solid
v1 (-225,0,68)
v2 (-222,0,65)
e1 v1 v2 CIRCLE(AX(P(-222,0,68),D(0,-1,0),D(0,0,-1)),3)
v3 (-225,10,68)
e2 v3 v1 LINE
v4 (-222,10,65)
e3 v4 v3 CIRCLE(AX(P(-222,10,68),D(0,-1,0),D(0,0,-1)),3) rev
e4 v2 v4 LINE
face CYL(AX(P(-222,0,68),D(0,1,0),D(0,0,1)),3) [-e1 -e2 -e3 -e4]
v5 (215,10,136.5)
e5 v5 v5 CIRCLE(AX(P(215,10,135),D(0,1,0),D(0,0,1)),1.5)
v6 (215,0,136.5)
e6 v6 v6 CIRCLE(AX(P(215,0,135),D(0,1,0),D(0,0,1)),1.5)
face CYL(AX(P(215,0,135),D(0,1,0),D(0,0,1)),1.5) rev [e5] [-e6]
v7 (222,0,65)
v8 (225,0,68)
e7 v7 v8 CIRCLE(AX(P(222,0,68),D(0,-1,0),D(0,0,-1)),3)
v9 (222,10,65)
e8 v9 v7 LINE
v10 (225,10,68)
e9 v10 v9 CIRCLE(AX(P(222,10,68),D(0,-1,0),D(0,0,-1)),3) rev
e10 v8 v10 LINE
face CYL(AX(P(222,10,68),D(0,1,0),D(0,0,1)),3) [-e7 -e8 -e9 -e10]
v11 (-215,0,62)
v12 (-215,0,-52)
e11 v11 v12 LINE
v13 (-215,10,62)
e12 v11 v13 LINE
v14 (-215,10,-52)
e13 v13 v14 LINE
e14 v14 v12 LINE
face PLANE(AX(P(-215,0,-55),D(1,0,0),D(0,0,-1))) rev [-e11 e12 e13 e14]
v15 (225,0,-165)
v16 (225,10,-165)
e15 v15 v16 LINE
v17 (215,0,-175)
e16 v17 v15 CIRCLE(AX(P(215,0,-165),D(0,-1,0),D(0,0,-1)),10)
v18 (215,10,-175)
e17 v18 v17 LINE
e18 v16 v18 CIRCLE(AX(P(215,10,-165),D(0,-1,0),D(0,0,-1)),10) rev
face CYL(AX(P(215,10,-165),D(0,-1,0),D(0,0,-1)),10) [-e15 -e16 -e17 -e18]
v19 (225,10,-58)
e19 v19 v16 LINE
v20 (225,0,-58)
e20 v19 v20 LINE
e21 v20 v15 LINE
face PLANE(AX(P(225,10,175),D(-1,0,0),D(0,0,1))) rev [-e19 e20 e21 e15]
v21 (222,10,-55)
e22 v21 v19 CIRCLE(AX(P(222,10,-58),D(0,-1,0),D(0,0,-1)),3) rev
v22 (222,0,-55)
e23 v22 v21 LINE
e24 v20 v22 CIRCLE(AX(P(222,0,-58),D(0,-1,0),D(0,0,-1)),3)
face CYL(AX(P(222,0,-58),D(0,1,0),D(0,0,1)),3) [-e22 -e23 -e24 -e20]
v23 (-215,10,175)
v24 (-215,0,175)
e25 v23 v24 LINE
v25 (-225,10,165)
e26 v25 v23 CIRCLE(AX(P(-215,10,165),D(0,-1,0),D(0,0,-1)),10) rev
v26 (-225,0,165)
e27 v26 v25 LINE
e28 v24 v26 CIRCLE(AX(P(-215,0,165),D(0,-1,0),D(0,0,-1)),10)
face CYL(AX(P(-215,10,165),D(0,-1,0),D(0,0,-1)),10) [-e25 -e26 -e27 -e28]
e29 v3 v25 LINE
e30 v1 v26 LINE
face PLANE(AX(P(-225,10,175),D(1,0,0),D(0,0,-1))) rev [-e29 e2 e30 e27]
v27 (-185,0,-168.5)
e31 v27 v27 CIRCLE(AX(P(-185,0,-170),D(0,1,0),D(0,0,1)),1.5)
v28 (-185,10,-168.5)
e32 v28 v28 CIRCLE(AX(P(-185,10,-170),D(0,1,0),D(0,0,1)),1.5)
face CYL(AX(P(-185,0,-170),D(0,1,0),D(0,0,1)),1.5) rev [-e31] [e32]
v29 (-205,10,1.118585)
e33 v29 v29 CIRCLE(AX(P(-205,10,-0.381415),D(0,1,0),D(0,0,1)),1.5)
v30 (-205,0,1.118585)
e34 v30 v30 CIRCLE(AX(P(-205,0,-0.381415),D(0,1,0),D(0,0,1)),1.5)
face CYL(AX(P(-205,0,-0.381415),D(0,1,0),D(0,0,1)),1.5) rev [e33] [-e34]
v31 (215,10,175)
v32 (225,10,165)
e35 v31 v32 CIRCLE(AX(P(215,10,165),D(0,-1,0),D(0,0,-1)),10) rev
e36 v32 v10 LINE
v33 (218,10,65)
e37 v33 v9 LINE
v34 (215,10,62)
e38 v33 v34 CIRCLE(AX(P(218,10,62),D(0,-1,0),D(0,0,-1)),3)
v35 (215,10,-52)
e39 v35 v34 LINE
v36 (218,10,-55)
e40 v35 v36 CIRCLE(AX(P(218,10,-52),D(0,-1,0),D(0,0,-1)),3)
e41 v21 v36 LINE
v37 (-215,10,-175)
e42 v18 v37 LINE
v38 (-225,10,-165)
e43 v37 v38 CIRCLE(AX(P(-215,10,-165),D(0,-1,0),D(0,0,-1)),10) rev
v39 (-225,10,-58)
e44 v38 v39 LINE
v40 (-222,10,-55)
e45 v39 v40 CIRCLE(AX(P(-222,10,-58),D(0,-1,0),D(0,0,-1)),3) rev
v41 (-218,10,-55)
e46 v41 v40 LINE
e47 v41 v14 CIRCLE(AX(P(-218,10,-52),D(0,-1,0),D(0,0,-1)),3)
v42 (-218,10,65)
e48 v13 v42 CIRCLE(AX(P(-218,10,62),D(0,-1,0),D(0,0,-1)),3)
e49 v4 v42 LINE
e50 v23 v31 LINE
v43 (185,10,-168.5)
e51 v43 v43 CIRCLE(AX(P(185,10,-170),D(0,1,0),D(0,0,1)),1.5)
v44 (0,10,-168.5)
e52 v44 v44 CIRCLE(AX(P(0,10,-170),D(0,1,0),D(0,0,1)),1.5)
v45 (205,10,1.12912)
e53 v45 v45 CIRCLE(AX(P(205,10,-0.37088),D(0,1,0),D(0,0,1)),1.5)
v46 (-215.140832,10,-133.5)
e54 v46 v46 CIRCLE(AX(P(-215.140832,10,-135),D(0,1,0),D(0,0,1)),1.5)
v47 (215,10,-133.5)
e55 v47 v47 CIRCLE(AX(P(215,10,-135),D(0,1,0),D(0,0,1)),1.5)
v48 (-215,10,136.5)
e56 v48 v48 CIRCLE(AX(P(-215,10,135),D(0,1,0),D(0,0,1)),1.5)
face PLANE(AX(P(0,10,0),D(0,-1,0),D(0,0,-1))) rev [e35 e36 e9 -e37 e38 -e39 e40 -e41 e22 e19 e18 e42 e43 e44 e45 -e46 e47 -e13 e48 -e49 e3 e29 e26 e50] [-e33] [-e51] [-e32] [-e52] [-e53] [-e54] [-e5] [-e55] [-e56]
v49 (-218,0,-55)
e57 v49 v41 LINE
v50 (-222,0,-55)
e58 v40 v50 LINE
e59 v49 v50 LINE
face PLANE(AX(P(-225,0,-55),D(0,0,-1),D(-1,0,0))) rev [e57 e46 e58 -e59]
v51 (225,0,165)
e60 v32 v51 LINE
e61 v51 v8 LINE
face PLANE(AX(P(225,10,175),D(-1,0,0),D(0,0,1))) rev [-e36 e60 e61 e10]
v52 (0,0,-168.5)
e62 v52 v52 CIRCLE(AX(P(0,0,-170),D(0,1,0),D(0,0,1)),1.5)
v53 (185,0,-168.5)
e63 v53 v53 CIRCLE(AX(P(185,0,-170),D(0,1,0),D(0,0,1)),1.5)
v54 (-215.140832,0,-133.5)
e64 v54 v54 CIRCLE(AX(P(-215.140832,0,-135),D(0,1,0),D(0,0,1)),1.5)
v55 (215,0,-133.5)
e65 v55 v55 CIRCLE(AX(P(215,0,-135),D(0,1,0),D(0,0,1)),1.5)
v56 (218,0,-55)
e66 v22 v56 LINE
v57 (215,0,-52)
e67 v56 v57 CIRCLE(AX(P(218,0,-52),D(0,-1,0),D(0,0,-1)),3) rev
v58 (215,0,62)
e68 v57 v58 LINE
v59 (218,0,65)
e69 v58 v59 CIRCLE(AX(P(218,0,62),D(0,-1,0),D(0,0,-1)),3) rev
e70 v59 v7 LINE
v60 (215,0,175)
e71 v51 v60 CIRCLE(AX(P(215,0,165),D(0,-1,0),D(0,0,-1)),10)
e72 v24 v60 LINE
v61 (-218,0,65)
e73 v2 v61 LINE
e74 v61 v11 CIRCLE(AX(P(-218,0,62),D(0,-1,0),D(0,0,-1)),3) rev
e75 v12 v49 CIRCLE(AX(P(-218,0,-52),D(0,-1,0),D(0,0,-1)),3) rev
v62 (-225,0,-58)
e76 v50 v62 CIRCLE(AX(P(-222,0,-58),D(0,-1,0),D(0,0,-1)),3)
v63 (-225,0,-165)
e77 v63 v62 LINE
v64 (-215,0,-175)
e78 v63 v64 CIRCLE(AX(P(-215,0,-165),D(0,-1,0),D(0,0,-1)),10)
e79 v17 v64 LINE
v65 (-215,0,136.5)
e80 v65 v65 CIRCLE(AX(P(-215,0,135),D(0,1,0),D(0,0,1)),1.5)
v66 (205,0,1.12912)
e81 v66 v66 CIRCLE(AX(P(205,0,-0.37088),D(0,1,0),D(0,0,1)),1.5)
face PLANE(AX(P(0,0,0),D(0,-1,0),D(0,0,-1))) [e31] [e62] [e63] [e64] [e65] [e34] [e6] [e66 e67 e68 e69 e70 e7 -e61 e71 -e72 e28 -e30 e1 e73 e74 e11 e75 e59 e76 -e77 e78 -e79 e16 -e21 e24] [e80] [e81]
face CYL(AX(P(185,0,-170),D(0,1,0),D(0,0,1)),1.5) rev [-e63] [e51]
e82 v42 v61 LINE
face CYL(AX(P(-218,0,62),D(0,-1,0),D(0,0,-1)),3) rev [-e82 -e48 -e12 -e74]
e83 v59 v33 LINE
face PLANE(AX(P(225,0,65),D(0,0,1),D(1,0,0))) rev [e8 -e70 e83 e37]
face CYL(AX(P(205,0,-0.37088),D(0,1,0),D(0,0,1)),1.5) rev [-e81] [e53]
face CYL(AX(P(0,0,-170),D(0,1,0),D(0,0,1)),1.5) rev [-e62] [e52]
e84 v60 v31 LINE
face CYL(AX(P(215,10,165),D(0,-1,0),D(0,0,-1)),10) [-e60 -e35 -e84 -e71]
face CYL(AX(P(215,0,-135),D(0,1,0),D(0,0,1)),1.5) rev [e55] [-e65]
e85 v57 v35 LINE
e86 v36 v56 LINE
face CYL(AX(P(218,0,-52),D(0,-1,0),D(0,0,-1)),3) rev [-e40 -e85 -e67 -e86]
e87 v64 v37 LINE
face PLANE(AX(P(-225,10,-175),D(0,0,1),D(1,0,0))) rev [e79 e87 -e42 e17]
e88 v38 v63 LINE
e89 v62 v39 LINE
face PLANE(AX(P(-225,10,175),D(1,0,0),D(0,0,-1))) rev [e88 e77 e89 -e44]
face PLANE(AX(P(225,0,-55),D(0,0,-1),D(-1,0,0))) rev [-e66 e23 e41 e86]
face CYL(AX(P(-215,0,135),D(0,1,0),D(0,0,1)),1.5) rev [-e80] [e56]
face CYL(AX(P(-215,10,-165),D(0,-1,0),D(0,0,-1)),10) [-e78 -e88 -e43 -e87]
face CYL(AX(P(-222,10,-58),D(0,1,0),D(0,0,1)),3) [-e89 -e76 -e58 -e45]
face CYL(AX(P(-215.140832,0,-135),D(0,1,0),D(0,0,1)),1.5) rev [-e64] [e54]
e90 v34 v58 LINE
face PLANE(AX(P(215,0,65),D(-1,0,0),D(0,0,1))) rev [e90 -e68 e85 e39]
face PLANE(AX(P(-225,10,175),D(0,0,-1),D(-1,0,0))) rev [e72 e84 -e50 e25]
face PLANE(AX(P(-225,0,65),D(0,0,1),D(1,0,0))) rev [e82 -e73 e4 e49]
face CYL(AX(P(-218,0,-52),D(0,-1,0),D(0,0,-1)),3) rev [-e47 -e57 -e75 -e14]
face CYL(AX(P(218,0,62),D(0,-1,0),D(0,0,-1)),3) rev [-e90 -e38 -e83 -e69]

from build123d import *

# Parameters (mm, degrees)
SKETCH1_W           = 450
SKETCH1_H           = 350
BOSS_EXTRUDE1_DEPTH = 10
SKETCH2_R           = 3
CUT_EXTRUDE1_DEPTH  = 10
SKETCH3_W           = 10
SKETCH3_H           = 120
CUT_EXTRUDE2_DEPTH  = 10
FILLET1_R           = 3
FILLET2_R           = 3
FILLET3_R           = 10
SKETCH5_R           = 3
BOSS_EXTRUDE3_DEPTH = 10
SKETCH6_R           = 3
BOSS_EXTRUDE4_DEPTH = 10
SKETCH7_R           = 1.5
CUT_EXTRUDE3_DEPTH  = 10


with BuildPart() as part:
    # Sketch1 → Boss-Extrude1 (new body)
    with BuildSketch(Plane(origin=(0, 0, 0), x_dir=(1, 0, 0), z_dir=(0, 1, 0))):
        Rectangle(SKETCH1_W, SKETCH1_H)
    extrude(amount=BOSS_EXTRUDE1_DEPTH)

    # Sketch2 → Cut-Extrude1 (cut)
    with BuildSketch(Plane(origin=(0, 10, 0), x_dir=(1, 0, 0), z_dir=(0, 1, 0))):
        with Locations(Location((-215, -135, 0), (0, 0, 270))):
            Circle(SKETCH2_R)
        with Locations(Location((-205, 0.370879822, 0), (0, 0, 270))):
            Circle(SKETCH2_R)
        with Locations(Location((-215, 135, 0), (0, 0, 270))):
            Circle(SKETCH2_R)
        with Locations(Location((215, 135, 0), (0, 0, 270))):
            Circle(SKETCH2_R)
        with Locations(Location((205, 0, 0), (0, 0, 270))):
            Circle(SKETCH2_R)
        with Locations(Location((215, -135, 0), (0, 0, 270))):
            Circle(SKETCH2_R)
        with Locations(Location((-185, 170, 0), (0, 0, 270))):
            Circle(SKETCH2_R)
        with Locations(Location((0, 170, 0), (0, 0, 270))):
            Circle(SKETCH2_R)
        with Locations(Location((185, 170, 0), (0, 0, 270))):
            Circle(SKETCH2_R)
    extrude(amount=-CUT_EXTRUDE1_DEPTH, mode=Mode.SUBTRACT)

    # Sketch3 → Cut-Extrude2 (cut)
    with BuildSketch(Plane(origin=(0, 10, 0), x_dir=(1, 0, 0), z_dir=(0, 1, 0))):
        with Locations((-220, -5)):
            Rectangle(SKETCH3_W, SKETCH3_H)
        with Locations((220, -5)):
            Rectangle(SKETCH3_W, SKETCH3_H)
    extrude(amount=-CUT_EXTRUDE2_DEPTH, mode=Mode.SUBTRACT)

    # Fillet1
    fillet1_edges = [part.edges().sort_by_distance(p)[0] for p in [
        (-215, 5, -55),
        (-215, 5, 65),
        (215, 5, 65),
        (215, 5, -55),
    ]]
    fillet(fillet1_edges, radius=FILLET1_R)

    # Fillet2
    fillet2_edges = [part.edges().sort_by_distance(p)[0] for p in [
        (-225, 5, 65),
        (-225, 5, -55),
        (225, 5, -55),
        (225, 5, 65),
    ]]
    fillet(fillet2_edges, radius=FILLET2_R)

    # Fillet3
    fillet3_edges = [part.edges().sort_by_distance(p)[0] for p in [
        (-225, 5, -175),
        (225, 5, -175),
        (225, 5, 175),
        (-225, 5, 175),
    ]]
    fillet(fillet3_edges, radius=FILLET3_R)

    # Sketch5 → Boss-Extrude3 (add)
    with BuildSketch(Plane(origin=(0, 10, 0), x_dir=(1, 0, 0), z_dir=(0, 1, 0))):
        with Locations((-215, 135)):
            Circle(SKETCH5_R)
    extrude(amount=-BOSS_EXTRUDE3_DEPTH)

    # Sketch6 → Boss-Extrude4 (add)
    with BuildSketch(Plane(origin=(0, 10, 0), x_dir=(1, 0, 0), z_dir=(0, 1, 0))):
        with Locations((-185, 170)):
            Circle(SKETCH6_R)
        with Locations((0, 170)):
            Circle(SKETCH6_R)
        with Locations((185, 170)):
            Circle(SKETCH6_R)
        with Locations((215, 135)):
            Circle(SKETCH6_R)
        with Locations((205, 0)):
            Circle(SKETCH6_R)
        with Locations((215, -135)):
            Circle(SKETCH6_R)
        with Locations((-215, -135)):
            Circle(SKETCH6_R)
        with Locations((-205, 0.370879822)):
            Circle(SKETCH6_R)
    extrude(amount=-BOSS_EXTRUDE4_DEPTH)

    # Sketch7 → Cut-Extrude3 (cut)
    with BuildSketch(Plane(origin=(0, 10, 0), x_dir=(1, 0, 0), z_dir=(0, 1, 0))):
        with Locations(Location((-185, 170, 0), (0, 0, 270))):
            Circle(SKETCH7_R)
        with Locations(Location((-215.140831726, 135, 0), (0, 0, 270))):
            Circle(SKETCH7_R)
        with Locations(Location((-205, 0.381414612, 0), (0, 0, 270))):
            Circle(SKETCH7_R)
        with Locations(Location((-215, -135, 0), (0, 0, 270))):
            Circle(SKETCH7_R)
        with Locations(Location((215, -135, 0), (0, 0, 270))):
            Circle(SKETCH7_R)
        with Locations(Location((205, 0.370879822, 0), (0, 0, 270))):
            Circle(SKETCH7_R)
        with Locations(Location((215, 135, 0), (0, 0, 270))):
            Circle(SKETCH7_R)
        with Locations(Location((0, 170, 0), (0, 0, 270))):
            Circle(SKETCH7_R)
        with Locations(Location((185, 170, 0), (0, 0, 270))):
            Circle(SKETCH7_R)
    extrude(amount=-CUT_EXTRUDE3_DEPTH, mode=Mode.SUBTRACT)


solid = part.part
